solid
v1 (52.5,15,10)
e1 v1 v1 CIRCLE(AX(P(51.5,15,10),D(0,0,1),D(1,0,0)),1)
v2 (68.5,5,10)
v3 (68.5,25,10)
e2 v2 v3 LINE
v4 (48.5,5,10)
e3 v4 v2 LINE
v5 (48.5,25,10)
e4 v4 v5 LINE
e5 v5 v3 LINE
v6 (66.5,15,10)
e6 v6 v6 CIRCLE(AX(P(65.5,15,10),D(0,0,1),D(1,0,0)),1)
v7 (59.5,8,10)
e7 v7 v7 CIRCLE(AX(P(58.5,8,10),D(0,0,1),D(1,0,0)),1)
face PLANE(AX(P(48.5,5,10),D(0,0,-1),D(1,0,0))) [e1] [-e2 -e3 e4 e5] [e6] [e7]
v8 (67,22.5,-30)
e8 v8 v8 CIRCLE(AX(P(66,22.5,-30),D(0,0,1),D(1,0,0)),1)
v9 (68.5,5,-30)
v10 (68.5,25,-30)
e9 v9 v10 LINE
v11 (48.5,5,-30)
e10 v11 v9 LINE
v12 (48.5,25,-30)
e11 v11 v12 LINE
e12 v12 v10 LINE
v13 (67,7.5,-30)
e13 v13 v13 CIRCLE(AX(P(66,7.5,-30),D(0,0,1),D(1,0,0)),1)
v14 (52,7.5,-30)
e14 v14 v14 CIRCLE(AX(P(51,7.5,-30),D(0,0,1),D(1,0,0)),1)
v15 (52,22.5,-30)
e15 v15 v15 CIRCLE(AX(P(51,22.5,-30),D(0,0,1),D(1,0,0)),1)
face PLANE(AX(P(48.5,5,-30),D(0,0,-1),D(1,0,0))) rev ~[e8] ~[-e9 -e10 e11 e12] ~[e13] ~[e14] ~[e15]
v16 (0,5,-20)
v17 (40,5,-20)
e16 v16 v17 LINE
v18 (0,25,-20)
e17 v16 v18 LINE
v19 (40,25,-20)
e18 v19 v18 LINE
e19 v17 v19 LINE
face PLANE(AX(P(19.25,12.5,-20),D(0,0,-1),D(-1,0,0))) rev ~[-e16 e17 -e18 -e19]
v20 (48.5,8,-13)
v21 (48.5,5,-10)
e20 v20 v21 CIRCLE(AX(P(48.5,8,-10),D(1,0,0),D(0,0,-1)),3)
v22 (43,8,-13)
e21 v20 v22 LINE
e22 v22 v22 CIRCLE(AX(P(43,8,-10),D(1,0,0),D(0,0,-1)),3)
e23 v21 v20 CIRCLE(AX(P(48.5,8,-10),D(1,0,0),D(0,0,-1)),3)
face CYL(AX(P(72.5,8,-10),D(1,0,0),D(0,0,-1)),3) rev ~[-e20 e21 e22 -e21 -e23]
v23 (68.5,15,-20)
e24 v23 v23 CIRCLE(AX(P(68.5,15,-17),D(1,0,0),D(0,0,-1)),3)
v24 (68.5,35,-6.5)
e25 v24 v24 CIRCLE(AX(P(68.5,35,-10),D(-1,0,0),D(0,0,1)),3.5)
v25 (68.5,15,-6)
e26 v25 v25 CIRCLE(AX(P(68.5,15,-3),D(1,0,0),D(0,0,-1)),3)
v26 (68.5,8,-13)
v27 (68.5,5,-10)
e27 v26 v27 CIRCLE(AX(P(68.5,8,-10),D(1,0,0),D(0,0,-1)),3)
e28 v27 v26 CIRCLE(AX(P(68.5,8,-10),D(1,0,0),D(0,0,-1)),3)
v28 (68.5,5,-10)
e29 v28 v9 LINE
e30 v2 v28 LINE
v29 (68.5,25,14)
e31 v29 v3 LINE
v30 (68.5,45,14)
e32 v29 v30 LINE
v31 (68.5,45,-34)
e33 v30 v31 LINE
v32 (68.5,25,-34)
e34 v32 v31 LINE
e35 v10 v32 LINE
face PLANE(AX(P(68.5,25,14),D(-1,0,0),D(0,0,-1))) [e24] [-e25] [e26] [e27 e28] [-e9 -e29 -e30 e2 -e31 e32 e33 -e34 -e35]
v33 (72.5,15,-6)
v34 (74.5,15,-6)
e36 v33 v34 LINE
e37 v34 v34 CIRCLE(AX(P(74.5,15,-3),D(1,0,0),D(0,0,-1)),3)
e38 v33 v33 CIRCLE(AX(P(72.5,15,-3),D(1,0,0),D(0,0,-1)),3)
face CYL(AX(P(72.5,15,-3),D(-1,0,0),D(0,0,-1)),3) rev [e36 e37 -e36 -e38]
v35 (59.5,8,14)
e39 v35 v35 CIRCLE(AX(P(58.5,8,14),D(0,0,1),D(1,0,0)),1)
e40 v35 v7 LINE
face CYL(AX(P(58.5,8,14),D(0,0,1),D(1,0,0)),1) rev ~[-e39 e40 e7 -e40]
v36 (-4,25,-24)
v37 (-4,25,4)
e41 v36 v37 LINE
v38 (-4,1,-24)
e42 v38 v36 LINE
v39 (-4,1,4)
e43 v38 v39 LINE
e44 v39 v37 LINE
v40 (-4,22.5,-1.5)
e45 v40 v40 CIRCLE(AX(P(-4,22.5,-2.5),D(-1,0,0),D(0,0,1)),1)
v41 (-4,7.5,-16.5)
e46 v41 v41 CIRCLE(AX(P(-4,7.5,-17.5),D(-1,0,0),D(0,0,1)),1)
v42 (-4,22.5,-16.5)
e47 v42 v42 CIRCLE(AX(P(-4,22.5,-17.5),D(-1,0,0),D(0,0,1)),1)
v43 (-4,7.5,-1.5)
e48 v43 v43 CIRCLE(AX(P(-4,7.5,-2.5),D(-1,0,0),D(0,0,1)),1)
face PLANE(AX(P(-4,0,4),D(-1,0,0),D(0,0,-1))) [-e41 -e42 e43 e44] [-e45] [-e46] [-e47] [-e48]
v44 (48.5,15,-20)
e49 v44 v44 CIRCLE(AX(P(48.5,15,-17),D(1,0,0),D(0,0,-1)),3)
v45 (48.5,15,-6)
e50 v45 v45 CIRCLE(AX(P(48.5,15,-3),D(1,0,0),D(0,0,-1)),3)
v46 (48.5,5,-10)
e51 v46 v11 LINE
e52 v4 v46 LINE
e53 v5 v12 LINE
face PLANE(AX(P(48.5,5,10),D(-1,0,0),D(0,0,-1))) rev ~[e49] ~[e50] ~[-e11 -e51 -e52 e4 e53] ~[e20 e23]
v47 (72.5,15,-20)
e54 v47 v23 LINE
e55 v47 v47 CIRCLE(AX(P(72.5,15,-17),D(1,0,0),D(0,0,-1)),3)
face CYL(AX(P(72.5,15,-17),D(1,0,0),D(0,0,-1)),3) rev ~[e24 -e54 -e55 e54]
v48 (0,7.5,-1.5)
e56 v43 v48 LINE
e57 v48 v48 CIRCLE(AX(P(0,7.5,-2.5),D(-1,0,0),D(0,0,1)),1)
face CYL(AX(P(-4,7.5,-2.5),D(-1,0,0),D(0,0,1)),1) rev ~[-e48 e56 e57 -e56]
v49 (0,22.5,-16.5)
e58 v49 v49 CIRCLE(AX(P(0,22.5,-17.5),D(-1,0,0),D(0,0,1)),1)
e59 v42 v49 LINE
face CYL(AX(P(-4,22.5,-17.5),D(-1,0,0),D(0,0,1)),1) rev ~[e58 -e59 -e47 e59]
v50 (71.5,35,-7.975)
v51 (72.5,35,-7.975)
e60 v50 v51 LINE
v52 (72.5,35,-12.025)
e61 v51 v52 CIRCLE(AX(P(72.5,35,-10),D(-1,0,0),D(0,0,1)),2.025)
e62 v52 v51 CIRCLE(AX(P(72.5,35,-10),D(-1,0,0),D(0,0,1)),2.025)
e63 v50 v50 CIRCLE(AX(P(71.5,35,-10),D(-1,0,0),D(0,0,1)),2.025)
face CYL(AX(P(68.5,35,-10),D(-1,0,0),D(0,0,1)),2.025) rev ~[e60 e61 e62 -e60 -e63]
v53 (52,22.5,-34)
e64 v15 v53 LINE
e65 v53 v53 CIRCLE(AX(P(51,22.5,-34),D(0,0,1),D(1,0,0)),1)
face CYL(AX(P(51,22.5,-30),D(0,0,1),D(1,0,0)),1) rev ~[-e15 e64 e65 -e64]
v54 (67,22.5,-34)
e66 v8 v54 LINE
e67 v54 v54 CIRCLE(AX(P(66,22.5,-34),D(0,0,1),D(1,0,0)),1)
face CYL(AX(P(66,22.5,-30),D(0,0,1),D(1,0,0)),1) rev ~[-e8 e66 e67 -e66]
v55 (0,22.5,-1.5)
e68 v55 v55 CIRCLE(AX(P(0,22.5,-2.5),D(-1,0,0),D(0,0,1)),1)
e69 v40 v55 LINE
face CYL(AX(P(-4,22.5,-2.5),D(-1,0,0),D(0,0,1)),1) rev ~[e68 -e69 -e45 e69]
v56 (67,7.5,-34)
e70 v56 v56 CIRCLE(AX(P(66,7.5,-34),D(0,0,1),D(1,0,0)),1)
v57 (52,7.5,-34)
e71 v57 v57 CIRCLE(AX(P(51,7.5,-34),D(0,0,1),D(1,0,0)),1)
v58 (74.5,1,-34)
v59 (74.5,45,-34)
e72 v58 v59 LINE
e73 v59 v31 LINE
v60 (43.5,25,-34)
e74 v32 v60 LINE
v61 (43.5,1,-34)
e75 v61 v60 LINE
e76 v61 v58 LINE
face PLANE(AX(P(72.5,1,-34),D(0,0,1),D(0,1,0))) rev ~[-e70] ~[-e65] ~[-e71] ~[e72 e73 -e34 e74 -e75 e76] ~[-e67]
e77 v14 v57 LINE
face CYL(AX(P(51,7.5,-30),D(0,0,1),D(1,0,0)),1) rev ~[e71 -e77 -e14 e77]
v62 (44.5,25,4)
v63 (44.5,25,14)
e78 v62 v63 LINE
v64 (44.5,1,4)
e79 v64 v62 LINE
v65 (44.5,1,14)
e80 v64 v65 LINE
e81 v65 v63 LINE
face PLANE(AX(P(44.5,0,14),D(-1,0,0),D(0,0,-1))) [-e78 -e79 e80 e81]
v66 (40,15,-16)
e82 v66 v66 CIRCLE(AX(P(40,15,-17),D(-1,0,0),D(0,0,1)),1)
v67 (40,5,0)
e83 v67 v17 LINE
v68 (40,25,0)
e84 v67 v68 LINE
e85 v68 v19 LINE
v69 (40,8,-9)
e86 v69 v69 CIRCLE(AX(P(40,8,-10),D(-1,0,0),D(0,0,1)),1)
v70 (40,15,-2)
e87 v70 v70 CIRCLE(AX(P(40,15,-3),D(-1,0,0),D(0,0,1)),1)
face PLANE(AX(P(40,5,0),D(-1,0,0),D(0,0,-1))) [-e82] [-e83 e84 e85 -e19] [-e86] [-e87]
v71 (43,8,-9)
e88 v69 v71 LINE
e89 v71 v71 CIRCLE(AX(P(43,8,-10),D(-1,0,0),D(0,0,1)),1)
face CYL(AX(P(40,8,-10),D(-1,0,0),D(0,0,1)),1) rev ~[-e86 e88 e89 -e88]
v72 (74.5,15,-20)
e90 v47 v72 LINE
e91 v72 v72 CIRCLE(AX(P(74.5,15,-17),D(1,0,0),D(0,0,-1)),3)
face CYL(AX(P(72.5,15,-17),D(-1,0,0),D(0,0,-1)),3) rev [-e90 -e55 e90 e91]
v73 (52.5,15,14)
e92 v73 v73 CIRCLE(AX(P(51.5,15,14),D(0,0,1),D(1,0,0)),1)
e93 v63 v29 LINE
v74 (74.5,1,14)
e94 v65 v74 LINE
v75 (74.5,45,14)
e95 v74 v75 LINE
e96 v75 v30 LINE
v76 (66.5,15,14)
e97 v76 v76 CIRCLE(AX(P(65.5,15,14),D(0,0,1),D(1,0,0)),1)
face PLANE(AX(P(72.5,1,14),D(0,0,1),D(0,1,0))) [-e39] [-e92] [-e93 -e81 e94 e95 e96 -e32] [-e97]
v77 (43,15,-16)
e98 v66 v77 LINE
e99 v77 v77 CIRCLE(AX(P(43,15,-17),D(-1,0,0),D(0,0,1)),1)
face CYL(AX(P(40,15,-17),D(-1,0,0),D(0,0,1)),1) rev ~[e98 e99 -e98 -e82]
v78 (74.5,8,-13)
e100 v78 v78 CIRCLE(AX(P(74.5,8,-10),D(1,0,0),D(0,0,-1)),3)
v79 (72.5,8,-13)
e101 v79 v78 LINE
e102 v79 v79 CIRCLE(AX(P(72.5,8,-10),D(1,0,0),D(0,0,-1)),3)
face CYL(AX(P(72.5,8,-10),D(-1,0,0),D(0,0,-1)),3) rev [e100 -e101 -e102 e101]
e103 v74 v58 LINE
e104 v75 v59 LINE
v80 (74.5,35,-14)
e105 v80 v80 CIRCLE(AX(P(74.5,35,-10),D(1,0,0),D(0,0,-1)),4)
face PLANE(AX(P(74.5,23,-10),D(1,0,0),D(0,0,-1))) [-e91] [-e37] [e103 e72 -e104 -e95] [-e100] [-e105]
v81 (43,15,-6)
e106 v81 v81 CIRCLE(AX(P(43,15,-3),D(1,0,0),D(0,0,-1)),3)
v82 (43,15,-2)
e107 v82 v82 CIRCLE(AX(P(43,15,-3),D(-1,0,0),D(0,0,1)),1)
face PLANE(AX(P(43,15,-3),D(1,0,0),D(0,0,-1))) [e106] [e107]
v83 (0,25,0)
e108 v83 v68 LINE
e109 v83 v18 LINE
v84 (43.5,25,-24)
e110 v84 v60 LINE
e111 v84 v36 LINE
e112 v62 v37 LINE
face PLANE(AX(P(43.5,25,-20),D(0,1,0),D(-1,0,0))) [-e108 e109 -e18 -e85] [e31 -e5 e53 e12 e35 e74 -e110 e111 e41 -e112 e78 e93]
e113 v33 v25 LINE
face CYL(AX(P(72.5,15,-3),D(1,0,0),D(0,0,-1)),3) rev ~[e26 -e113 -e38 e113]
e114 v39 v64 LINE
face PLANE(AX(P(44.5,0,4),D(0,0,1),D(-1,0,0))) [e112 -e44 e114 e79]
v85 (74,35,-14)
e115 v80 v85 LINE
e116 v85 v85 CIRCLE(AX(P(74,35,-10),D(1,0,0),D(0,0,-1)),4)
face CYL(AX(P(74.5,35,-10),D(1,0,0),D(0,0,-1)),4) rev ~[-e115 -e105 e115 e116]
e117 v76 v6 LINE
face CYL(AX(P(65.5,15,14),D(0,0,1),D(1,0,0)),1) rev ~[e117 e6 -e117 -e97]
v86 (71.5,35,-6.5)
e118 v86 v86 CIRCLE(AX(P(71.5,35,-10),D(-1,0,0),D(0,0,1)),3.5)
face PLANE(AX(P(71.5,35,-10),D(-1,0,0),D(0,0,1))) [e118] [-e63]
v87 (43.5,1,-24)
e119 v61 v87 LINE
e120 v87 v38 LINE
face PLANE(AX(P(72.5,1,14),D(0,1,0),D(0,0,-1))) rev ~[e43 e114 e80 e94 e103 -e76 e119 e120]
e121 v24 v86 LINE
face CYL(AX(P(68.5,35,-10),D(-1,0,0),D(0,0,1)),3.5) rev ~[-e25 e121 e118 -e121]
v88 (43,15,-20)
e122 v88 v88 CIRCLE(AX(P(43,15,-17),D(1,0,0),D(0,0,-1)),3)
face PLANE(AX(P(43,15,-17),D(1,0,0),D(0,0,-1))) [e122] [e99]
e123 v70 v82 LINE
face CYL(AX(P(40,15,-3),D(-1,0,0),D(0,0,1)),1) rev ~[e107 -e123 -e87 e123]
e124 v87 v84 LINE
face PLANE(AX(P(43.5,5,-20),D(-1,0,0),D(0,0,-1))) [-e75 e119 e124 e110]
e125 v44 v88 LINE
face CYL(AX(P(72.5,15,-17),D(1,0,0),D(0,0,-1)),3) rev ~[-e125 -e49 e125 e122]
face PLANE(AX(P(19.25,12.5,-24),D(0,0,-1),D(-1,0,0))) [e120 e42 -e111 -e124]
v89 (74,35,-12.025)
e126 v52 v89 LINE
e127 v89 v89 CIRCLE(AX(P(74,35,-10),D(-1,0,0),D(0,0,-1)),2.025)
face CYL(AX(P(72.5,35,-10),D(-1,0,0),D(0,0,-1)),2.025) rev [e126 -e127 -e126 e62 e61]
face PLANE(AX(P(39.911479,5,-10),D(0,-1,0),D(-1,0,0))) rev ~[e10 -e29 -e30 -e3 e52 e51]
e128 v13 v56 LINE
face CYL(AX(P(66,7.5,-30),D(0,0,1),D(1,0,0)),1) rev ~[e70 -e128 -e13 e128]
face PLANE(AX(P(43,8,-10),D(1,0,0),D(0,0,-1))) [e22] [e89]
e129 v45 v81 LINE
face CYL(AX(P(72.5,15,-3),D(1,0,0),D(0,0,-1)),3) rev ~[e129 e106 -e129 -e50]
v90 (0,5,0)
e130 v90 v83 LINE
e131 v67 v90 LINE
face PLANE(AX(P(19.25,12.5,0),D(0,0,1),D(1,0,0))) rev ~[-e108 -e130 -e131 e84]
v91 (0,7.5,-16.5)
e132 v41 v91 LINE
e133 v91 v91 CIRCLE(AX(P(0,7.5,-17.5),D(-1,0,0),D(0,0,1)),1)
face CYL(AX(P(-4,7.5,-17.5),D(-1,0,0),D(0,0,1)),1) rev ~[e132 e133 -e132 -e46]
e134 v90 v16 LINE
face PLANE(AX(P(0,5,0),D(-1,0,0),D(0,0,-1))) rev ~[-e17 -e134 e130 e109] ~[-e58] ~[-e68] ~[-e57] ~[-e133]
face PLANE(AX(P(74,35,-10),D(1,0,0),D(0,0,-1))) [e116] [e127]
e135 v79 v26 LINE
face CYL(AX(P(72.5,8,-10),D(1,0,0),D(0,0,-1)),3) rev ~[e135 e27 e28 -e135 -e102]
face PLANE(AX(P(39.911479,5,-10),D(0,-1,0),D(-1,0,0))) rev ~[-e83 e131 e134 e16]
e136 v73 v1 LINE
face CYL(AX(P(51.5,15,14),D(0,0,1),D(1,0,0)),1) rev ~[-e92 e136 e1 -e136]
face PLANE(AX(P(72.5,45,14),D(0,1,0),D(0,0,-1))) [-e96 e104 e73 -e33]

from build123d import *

# Parameters (mm, degrees)
BOSS_EXTRUDE1_DEPTH   = 5
SKETCH2_W             = 20
SKETCH2_H             = 40
SKETCH2_W_2           = 5
SKETCH2_H_2           = 20
BOSS_EXTRUDE2_DEPTH   = 20
SKETCH3_W             = 48.5
SKETCH3_H             = 25
BOSS_EXTRUDE3_DEPTH   = 4
SKETCH4_W             = 48.5
SKETCH4_H             = 25
BOSS_EXTRUDE4_DEPTH   = 4
SKETCH6_W             = 293.991294913
SKETCH6_H             = 166.612051016
CUT_EXTRUDE1_DEPTH    = 218
SKETCH7_W             = 4
SKETCH7_H             = 48
BOSS_EXTRUDE5_DEPTH   = 20
SKETCH8_W             = 48
SKETCH8_H             = 1
CUT_EXTRUDE2_DEPTH    = 87
SKETCH9_R             = 1
CUT_EXTRUDE3_DEPTH    = 10
SKETCH10_R            = 1
CUT_EXTRUDE4_DEPTH    = 60
SKETCH12_R            = 3
CUT_EXTRUDE5_DEPTH    = 29.5
SKETCH13_R            = 1
CUT_EXTRUDE6_DEPTH    = 29.5
SKETCH14_R            = 1
CUT_EXTRUDE7_DEPTH    = 29.5
SKETCH15_R            = 1.775
CUT_EXTRUDE8_DEPTH    = 29.5
SKETCH16_R            = 2.025
CUT_EXTRUDE9_DEPTH    = 29.5
SKETCH17_R            = 3.5
CUT_EXTRUDE10_DEPTH   = 3
SKETCH18_W            = 48
SKETCH18_H            = 44
SKETCH18_R            = 2.025
SKETCH18_R_2          = 3
BOSS_EXTRUDE6_DEPTH   = 2
CROQUIS2_R            = 4
CORTAR_EXTRUIR2_DEPTH = 0.5


with BuildPart() as part:
    # Sketch1 → Boss-Extrude1 (new body)
    with BuildSketch(Plane(origin=(0, 0, 0), x_dir=(1, 0, 0), z_dir=(0, 1, 0))):
        Polygon((-5, 20), (43.5, 20), (43.5, 35), (73.5, 35), (73.5, -15), (43.5, -15), (43.5, 0), (-5, 0), align=None)
    extrude(amount=BOSS_EXTRUDE1_DEPTH)

    # Sketch2 → Boss-Extrude2 (add)
    with BuildSketch(Plane(origin=(0, 5, 0), x_dir=(1, 0, 0), z_dir=(0, 1, 0))):
        Polygon((40, 20), (43.5, 20), (43.5, 35), (73.5, 35), (73.5, -15), (43.5, -15), (43.5, 0), (40, 0), align=None)
        with Locations((58.5, 10)):
            Rectangle(SKETCH2_W, SKETCH2_H, mode=Mode.SUBTRACT)
        with Locations((-2.5, 10)):
            Rectangle(SKETCH2_W_2, SKETCH2_H_2)
    extrude(amount=BOSS_EXTRUDE2_DEPTH)

    # Sketch3 → Boss-Extrude3 (add)
    with BuildSketch(Plane.XY):
        with Locations((19.25, 12.5)):
            Rectangle(SKETCH3_W, SKETCH3_H)
    extrude(amount=BOSS_EXTRUDE3_DEPTH)

    # Sketch4 → Boss-Extrude4 (add)
    with BuildSketch(Plane(origin=(0, 0, -20), x_dir=(-1, 0, 0), z_dir=(0, 0, -1))):
        with Locations((-19.25, 12.5)):
            Rectangle(SKETCH4_W, SKETCH4_H)
    extrude(amount=BOSS_EXTRUDE4_DEPTH)

    # Sketch6 → Cut-Extrude1 (cut)
    with BuildSketch(Plane.XZ):
        with Locations((19.737100805, -5.654680936)):
            Rectangle(SKETCH6_W, SKETCH6_H)
        Polygon((72.5, -34), (72.5, 14), (44.5, 14), (44.5, 4), (43.5, 4), (42.175115589, 8.832020086), (-3.564522491, 8.832020086), (-4, 4), (-4, -32.651206012), (43.5, -34), align=None, mode=Mode.SUBTRACT)
    extrude(amount=-CUT_EXTRUDE1_DEPTH, mode=Mode.SUBTRACT)

    # Sketch7 → Boss-Extrude5 (add)
    with BuildSketch(Plane(origin=(0, 25, 0), x_dir=(1, 0, 0), z_dir=(0, 1, 0))):
        with Locations((70.5, 10)):
            Rectangle(SKETCH7_W, SKETCH7_H)
    extrude(amount=BOSS_EXTRUDE5_DEPTH)

    # Sketch8 → Cut-Extrude2 (cut)
    with BuildSketch(Plane.ZY.offset(4)):
        with Locations((-10, 0.5)):
            Rectangle(SKETCH8_W, SKETCH8_H)
    extrude(amount=-CUT_EXTRUDE2_DEPTH, mode=Mode.SUBTRACT)

    # Sketch9 → Cut-Extrude3 (cut)
    with BuildSketch(Plane.ZY.offset(4)):
        with Locations((-2.5, 22.5)):
            Circle(SKETCH9_R)
        with Locations((-17.5, 22.5)):
            Circle(SKETCH9_R)
        with Locations((-17.5, 7.5)):
            Circle(SKETCH9_R)
        with Locations((-2.5, 7.5)):
            Circle(SKETCH9_R)
    extrude(amount=-CUT_EXTRUDE3_DEPTH, mode=Mode.SUBTRACT)

    # Sketch10 → Cut-Extrude4 (cut)
    with BuildSketch(Plane.ZY.offset(-40)):
        with Locations((-3, 15)):
            Circle(SKETCH10_R)
        with Locations((-10, 8)):
            Circle(SKETCH10_R)
        with Locations((-17, 15)):
            Circle(SKETCH10_R)
    extrude(amount=-CUT_EXTRUDE4_DEPTH, mode=Mode.SUBTRACT)

    # Sketch12 → Cut-Extrude5 (cut)
    with BuildSketch(Plane(origin=(72.5, 0, 0), x_dir=(0, 0, -1), z_dir=(1, 0, 0))):
        with Locations((17, 15)):
            Circle(SKETCH12_R)
        with Locations((10, 8)):
            Circle(SKETCH12_R)
        with Locations((3, 15)):
            Circle(SKETCH12_R)
    extrude(amount=-CUT_EXTRUDE5_DEPTH, mode=Mode.SUBTRACT)

    # Sketch13 → Cut-Extrude6 (cut)
    with BuildSketch(Plane.XY.offset(14)):
        with Locations((58.5, 8)):
            Circle(SKETCH13_R)
        with Locations((51.5, 15)):
            Circle(SKETCH13_R)
        with Locations((65.5, 15)):
            Circle(SKETCH13_R)
    extrude(amount=-CUT_EXTRUDE6_DEPTH, mode=Mode.SUBTRACT)

    # Sketch14 → Cut-Extrude7 (cut)
    with BuildSketch(Plane.XY.offset(-30)):
        with Locations((66, 22.5)):
            Circle(SKETCH14_R)
        with Locations((66, 7.5)):
            Circle(SKETCH14_R)
        with Locations((51, 7.5)):
            Circle(SKETCH14_R)
        with Locations((51, 22.5)):
            Circle(SKETCH14_R)
    extrude(amount=-CUT_EXTRUDE7_DEPTH, mode=Mode.SUBTRACT)

    # Sketch15 → Cut-Extrude8 (cut)
    with BuildSketch(Plane(origin=(72.5, 0, 0), x_dir=(0, 0, -1), z_dir=(1, 0, 0))):
        with Locations((10, 35)):
            Circle(SKETCH15_R)
    extrude(amount=-CUT_EXTRUDE8_DEPTH, mode=Mode.SUBTRACT)

    # Sketch16 → Cut-Extrude9 (cut)
    with BuildSketch(Plane.ZY.offset(-68.5)):
        with Locations((-10, 35)):
            Circle(SKETCH16_R)
    extrude(amount=-CUT_EXTRUDE9_DEPTH, mode=Mode.SUBTRACT)

    # Sketch17 → Cut-Extrude10 (cut)
    with BuildSketch(Plane.ZY.offset(-68.5)):
        with Locations((-10, 35)):
            Circle(SKETCH17_R)
    extrude(amount=-CUT_EXTRUDE10_DEPTH, mode=Mode.SUBTRACT)

    # Sketch18 → Boss-Extrude6 (add)
    with BuildSketch(Plane(origin=(72.5, 0, 0), x_dir=(0, 0, -1), z_dir=(1, 0, 0))):
        with Locations((10, 23)):
            Rectangle(SKETCH18_W, SKETCH18_H)
        with Locations((10, 35)):
            Circle(SKETCH18_R, mode=Mode.SUBTRACT)
        with Locations((17, 15)):
            Circle(SKETCH18_R_2, mode=Mode.SUBTRACT)
        with Locations((10, 8)):
            Circle(SKETCH18_R_2, mode=Mode.SUBTRACT)
        with Locations((3, 15)):
            Circle(SKETCH18_R_2, mode=Mode.SUBTRACT)
    extrude(amount=BOSS_EXTRUDE6_DEPTH)

    # Croquis2 → Cortar-Extruir2 (cut)
    with BuildSketch(Plane(origin=(74.5, 0, 0), x_dir=(0, 0, -1), z_dir=(1, 0, 0))):
        with Locations((10, 35)):
            Circle(CROQUIS2_R)
    extrude(amount=-CORTAR_EXTRUIR2_DEPTH, mode=Mode.SUBTRACT)


solid = part.part
